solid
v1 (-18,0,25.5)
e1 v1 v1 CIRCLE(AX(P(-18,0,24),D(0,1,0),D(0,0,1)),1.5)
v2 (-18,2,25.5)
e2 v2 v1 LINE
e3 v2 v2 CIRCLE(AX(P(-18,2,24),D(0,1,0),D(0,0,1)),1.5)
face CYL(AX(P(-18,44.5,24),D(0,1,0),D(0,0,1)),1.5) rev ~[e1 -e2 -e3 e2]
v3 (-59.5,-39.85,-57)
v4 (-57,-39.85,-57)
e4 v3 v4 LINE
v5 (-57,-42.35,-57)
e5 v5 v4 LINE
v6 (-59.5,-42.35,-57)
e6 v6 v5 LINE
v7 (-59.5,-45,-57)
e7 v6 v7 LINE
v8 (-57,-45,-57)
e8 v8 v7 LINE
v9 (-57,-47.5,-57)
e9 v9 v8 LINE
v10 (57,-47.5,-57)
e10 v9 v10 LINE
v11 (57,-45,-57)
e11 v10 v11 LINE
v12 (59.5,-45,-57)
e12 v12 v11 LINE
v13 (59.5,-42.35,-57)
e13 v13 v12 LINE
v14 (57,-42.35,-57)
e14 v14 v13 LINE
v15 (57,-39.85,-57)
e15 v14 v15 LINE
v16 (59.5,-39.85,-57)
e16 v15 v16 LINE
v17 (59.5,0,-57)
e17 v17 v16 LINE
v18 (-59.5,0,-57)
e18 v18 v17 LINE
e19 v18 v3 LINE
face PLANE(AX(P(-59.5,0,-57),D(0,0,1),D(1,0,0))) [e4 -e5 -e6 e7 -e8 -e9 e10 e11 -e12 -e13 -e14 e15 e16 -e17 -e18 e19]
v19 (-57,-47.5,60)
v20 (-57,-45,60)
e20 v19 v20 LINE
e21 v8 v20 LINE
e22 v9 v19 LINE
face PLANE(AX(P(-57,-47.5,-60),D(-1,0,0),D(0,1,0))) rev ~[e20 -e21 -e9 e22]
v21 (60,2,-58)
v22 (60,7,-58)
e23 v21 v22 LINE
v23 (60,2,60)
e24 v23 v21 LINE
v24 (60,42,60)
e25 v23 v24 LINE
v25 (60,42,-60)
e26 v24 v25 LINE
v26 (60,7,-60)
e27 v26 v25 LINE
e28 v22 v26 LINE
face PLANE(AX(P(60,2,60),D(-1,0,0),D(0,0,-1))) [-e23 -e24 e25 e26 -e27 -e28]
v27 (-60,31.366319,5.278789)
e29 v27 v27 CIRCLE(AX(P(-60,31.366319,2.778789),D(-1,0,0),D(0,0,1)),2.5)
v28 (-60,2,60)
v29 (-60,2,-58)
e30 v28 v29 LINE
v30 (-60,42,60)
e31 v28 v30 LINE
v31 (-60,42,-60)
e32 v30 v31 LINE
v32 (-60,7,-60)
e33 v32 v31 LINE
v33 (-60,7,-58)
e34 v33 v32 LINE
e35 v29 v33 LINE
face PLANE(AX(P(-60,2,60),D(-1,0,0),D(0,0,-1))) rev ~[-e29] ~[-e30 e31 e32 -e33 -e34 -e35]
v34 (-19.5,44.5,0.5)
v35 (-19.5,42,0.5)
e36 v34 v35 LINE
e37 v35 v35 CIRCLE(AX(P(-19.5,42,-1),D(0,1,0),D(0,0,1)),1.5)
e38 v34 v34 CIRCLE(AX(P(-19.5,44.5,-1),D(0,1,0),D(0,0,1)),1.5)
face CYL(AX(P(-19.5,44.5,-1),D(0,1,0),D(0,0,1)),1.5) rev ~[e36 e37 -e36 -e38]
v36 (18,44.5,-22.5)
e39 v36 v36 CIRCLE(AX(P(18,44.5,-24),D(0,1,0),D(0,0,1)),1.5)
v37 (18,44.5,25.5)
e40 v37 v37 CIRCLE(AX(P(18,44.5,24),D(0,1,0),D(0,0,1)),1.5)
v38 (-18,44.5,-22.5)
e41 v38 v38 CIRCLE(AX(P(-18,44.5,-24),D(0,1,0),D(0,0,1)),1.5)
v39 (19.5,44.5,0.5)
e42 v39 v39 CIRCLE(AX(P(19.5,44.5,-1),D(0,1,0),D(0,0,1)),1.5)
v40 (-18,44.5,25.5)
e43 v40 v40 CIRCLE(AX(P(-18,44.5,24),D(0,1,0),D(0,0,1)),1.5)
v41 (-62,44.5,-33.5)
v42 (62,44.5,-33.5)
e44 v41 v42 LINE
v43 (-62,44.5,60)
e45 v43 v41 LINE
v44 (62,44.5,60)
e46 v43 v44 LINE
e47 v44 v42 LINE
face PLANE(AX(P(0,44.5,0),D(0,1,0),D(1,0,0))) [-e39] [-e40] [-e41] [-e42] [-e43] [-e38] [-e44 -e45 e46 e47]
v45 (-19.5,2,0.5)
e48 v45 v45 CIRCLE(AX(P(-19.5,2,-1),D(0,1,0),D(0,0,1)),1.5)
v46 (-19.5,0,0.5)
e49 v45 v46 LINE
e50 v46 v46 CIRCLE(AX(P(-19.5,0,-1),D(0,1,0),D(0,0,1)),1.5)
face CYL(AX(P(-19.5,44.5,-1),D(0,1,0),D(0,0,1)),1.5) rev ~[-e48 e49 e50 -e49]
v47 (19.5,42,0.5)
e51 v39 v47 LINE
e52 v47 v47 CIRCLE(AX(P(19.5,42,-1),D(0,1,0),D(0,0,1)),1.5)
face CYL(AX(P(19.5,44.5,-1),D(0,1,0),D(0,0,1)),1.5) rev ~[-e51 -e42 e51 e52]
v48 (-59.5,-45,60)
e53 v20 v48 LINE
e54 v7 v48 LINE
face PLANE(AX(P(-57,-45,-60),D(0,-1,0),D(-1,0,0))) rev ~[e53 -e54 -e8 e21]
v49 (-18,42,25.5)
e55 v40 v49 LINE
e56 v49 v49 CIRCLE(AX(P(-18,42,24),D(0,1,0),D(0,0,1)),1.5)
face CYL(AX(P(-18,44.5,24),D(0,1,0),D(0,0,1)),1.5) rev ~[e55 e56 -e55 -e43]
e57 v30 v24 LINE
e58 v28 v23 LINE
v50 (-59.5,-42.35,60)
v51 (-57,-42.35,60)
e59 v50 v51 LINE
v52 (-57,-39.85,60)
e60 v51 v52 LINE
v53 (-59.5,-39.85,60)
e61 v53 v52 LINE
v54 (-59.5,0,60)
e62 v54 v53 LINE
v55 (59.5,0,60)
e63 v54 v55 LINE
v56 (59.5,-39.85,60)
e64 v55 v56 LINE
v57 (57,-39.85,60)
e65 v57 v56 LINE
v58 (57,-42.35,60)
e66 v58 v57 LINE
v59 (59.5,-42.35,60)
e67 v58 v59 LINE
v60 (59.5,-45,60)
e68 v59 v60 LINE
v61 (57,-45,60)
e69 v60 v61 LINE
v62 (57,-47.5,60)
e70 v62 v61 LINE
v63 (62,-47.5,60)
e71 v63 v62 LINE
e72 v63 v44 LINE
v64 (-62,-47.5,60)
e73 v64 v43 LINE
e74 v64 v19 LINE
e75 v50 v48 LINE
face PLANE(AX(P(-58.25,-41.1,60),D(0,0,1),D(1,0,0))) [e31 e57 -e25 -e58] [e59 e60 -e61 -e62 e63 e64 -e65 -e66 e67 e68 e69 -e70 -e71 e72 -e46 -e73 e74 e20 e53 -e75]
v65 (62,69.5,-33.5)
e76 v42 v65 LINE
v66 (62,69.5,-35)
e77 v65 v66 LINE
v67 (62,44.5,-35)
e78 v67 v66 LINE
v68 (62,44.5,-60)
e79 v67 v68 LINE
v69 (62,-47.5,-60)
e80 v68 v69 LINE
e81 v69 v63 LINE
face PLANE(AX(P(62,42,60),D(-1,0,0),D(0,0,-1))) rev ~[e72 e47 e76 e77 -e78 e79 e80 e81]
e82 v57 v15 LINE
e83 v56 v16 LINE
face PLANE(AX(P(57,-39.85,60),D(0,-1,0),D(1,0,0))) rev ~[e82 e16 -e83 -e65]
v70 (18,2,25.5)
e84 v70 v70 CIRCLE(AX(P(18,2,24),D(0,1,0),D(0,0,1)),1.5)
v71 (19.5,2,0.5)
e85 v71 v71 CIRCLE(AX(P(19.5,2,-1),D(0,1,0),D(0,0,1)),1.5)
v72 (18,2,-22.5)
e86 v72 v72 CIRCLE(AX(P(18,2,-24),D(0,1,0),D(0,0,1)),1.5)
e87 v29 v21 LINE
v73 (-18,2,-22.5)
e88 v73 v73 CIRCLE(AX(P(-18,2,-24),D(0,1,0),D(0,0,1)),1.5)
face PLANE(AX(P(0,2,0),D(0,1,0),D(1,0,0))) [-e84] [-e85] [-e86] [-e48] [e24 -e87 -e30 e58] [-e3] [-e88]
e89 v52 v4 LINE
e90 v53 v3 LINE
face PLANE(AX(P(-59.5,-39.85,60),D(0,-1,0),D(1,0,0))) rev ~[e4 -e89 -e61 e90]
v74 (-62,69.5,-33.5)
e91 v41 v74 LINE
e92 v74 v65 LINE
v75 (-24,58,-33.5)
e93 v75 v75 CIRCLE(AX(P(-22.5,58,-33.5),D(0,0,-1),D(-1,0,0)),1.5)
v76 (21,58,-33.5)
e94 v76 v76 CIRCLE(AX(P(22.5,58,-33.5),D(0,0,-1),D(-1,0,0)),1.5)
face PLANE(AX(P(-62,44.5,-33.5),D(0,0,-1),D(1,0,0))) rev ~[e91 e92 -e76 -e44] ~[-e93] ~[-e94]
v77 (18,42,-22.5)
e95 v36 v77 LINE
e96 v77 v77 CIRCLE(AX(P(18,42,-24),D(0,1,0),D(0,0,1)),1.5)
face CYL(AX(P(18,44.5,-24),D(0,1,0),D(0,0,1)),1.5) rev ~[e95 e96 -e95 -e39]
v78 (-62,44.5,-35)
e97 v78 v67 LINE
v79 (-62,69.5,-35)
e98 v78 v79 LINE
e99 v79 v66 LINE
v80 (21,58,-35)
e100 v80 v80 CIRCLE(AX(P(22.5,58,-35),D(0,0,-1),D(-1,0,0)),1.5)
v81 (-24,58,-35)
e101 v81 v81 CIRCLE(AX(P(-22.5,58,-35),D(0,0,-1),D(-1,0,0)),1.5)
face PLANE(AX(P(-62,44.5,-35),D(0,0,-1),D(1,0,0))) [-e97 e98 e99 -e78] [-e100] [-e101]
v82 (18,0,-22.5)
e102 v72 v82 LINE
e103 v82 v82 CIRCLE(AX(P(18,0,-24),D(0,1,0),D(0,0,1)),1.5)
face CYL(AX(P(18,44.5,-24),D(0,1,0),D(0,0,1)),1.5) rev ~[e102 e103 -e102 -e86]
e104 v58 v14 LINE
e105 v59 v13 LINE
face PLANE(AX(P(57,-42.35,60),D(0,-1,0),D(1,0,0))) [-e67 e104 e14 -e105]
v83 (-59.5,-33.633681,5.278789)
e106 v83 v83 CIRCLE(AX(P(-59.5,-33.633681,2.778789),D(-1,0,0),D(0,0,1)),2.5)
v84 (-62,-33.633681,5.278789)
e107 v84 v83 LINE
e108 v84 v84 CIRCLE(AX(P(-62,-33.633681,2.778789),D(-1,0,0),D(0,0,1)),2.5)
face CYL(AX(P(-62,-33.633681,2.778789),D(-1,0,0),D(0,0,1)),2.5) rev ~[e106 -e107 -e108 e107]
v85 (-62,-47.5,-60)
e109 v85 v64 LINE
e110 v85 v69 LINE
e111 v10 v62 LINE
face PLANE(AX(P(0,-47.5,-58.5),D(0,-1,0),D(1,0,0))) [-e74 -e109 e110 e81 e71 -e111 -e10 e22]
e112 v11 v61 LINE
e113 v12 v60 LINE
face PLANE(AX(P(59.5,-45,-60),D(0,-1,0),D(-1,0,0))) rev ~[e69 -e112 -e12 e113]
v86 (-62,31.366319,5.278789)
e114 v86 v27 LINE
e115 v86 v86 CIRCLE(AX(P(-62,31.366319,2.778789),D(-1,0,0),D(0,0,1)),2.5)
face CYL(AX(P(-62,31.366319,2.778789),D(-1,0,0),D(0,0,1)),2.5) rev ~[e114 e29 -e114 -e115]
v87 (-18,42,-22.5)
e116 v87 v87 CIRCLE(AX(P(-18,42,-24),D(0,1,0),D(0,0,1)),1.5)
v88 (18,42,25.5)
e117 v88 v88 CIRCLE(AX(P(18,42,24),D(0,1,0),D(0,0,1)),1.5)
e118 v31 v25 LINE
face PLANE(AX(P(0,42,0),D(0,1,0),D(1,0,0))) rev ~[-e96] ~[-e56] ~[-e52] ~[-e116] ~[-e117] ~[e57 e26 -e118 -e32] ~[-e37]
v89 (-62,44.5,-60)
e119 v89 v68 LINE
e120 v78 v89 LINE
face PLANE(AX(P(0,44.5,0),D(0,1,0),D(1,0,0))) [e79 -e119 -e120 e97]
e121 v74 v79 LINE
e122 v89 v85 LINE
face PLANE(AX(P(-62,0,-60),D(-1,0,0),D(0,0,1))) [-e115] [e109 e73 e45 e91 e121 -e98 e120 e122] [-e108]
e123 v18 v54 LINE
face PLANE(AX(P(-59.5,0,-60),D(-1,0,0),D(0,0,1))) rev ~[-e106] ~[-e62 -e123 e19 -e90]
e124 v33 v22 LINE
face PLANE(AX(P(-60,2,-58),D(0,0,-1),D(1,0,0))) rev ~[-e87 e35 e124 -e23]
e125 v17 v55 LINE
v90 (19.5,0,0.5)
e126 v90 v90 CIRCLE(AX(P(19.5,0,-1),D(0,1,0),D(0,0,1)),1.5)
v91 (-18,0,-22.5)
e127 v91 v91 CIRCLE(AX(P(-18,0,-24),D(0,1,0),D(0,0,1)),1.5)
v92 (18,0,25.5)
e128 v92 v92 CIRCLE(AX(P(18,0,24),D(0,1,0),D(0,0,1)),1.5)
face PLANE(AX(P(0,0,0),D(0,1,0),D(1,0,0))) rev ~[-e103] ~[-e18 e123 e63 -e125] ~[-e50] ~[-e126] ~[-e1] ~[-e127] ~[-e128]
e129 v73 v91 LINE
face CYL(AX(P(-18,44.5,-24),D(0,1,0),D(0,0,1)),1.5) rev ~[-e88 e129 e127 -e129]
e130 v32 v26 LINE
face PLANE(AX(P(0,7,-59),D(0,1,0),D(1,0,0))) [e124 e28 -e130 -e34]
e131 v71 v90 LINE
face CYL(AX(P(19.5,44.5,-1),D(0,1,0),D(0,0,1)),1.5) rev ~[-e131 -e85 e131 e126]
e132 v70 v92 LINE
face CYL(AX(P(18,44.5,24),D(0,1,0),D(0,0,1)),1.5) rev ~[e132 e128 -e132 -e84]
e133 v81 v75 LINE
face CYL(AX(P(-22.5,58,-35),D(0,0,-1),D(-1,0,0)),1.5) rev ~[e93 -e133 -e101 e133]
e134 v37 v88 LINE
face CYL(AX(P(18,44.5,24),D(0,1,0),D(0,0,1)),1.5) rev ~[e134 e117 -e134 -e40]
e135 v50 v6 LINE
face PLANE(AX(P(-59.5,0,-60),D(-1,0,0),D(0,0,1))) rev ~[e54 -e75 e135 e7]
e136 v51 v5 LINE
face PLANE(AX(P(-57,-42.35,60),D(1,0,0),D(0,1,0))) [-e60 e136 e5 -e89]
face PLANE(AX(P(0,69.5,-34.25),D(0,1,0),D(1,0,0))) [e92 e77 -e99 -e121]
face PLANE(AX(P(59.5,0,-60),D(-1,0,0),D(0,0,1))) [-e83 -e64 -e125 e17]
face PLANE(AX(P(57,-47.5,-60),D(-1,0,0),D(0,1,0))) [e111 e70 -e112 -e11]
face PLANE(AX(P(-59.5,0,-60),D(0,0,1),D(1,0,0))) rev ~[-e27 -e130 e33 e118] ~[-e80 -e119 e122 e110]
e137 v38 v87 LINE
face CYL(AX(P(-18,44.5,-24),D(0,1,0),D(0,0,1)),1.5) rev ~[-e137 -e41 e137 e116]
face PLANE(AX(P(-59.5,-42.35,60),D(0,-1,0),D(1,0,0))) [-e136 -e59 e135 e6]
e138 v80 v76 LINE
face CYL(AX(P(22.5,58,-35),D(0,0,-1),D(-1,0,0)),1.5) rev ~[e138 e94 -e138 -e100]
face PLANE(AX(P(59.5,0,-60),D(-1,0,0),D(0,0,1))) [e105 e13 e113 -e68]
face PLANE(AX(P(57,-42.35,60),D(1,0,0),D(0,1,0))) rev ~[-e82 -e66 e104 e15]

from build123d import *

# Parameters (mm, degrees)
SKETCH_2_W          = 124
SKETCH_2_H          = 120
EXTRUDE_1_DEPTH     = 2
SKETCH_3_W          = 2
SKETCH_3_H          = 120
EXTRUDE_2_DEPTH     = 40
SKETCH_4_W          = 120
SKETCH_4_H          = 2
EXTRUDE_3_DEPTH     = 5
SKETCH_6_W          = 124
SKETCH_6_H          = 120
EXTRUDE_4_DEPTH     = 2.5
SKETCH_9_W          = 124
SKETCH_9_H          = 1.5
EXTRUDE_5_DEPTH     = 25
SKETCH_10_R         = 1.5
CUT_EXTRUDE_2_DEPTH = 1.5
SKETCH_11_R         = 1.5
CUT_EXTRUDE_3_DEPTH = 51
SKETCH_12_W         = 2.5
SKETCH_12_H         = 120
EXTRUDE_6_DEPTH     = 47.5
SKETCH_14_W         = 2.5
SKETCH_14_H         = 2.5
EXTRUDE_8_DEPTH     = 120
SKETCH_15_W         = 119
SKETCH_15_H         = 3
EXTRUDE_9_DEPTH     = 47.5
SKETCH_16_R         = 2.5
CUT_EXTRUDE_4_DEPTH = 10
SKETCH_18_W         = 2.5
SKETCH_18_H         = 2.5
EXTRUDE_10_DEPTH    = 120


with BuildPart() as part:
    # 草图2 → 凸台-拉伸1 (new body)
    with BuildSketch(Plane(origin=(0, 0, 0), x_dir=(1, 0, 0), z_dir=(0, 1, 0))):
        Rectangle(SKETCH_2_W, SKETCH_2_H)
    extrude(amount=EXTRUDE_1_DEPTH)

    # 草图3 → 凸台-拉伸2 (add)
    with BuildSketch(Plane(origin=(0, 2, 0), x_dir=(1, 0, 0), z_dir=(0, 1, 0))):
        with Locations((-61, 0)):
            Rectangle(SKETCH_3_W, SKETCH_3_H)
        with Locations((61, 0)):
            Rectangle(SKETCH_3_W, SKETCH_3_H)
    extrude(amount=EXTRUDE_2_DEPTH)

    # 草图4 → 凸台-拉伸3 (add)
    with BuildSketch(Plane(origin=(0, 2, 0), x_dir=(1, 0, 0), z_dir=(0, 1, 0))):
        with Locations((0, 59)):
            Rectangle(SKETCH_4_W, SKETCH_4_H)
    extrude(amount=EXTRUDE_3_DEPTH)

    # 草图6 → 凸台-拉伸4 (add)
    with BuildSketch(Plane(origin=(0, 42, 0), x_dir=(1, 0, 0), z_dir=(0, 1, 0))):
        Rectangle(SKETCH_6_W, SKETCH_6_H)
    extrude(amount=EXTRUDE_4_DEPTH)

    # 草图9 → 凸台-拉伸5 (add)
    with BuildSketch(Plane(origin=(0, 44.5, 0), x_dir=(1, 0, 0), z_dir=(0, 1, 0))):
        with Locations((0, 34.25)):
            Rectangle(SKETCH_9_W, SKETCH_9_H)
    extrude(amount=EXTRUDE_5_DEPTH)

    # 草图10 → 切除-拉伸2 (cut)
    with BuildSketch(Plane(origin=(0, 0, -35), x_dir=(-1, 0, 0), z_dir=(0, 0, -1))):
        with Locations((-22.5, 58)):
            Circle(SKETCH_10_R)
        with Locations((22.5, 58)):
            Circle(SKETCH_10_R)
    extrude(amount=-CUT_EXTRUDE_2_DEPTH, mode=Mode.SUBTRACT)

    # 草图11 → 切除-拉伸3 (cut)
    with BuildSketch(Plane(origin=(0, 44.5, 0), x_dir=(1, 0, 0), z_dir=(0, 1, 0))):
        with Locations(Location((-19.5, 1, 0), (0, 0, 270))):
            Circle(SKETCH_11_R)
        with Locations(Location((-18, 24, 0), (0, 0, 270))):
            Circle(SKETCH_11_R)
        with Locations(Location((-18, -24, 0), (0, 0, 270))):
            Circle(SKETCH_11_R)
        with Locations(Location((18, -24, 0), (0, 0, 270))):
            Circle(SKETCH_11_R)
        with Locations(Location((19.5, 1, 0), (0, 0, 270))):
            Circle(SKETCH_11_R)
        with Locations(Location((18, 24, 0), (0, 0, 270))):
            Circle(SKETCH_11_R)
    extrude(amount=-CUT_EXTRUDE_3_DEPTH, mode=Mode.SUBTRACT)

    # 草图12 → 凸台-拉伸6 (add)
    with BuildSketch(Plane.XZ):
        with Locations((-60.75, 0)):
            Rectangle(SKETCH_12_W, SKETCH_12_H)
        with Locations((60.75, 0)):
            Rectangle(SKETCH_12_W, SKETCH_12_H)
    extrude(amount=EXTRUDE_6_DEPTH)

    # 草图14 → 凸台-拉伸8 (add)
    with BuildSketch(Plane(origin=(0, 0, -60), x_dir=(-1, 0, 0), z_dir=(0, 0, -1))):
        with Locations((-58.25, -46.25)):
            Rectangle(SKETCH_14_W, SKETCH_14_H)
        with Locations((58.25, -46.25)):
            Rectangle(SKETCH_14_W, SKETCH_14_H)
    extrude(amount=-EXTRUDE_8_DEPTH)

    # 草图15 → 凸台-拉伸9 (add)
    with BuildSketch(Plane.XZ):
        with Locations((0, -58.5)):
            Rectangle(SKETCH_15_W, SKETCH_15_H)
    extrude(amount=EXTRUDE_9_DEPTH)

    # 草图16 → 切除-拉伸4 (cut)
    with BuildSketch(Plane.ZY.offset(62)):
        with Locations((2.778789214, 31.36631919)):
            Circle(SKETCH_16_R)
        with Locations((2.778789214, -33.63368081)):
            Circle(SKETCH_16_R)
    extrude(amount=-CUT_EXTRUDE_4_DEPTH, mode=Mode.SUBTRACT)

    # 草图18 → 凸台-拉伸10 (add)
    with BuildSketch(Plane.XY.offset(60)):
        with Locations((-58.25, -41.1)):
            Rectangle(SKETCH_18_W, SKETCH_18_H)
        with Locations((58.25, -41.1)):
            Rectangle(SKETCH_18_W, SKETCH_18_H)
    extrude(amount=-EXTRUDE_10_DEPTH)


solid = part.part
